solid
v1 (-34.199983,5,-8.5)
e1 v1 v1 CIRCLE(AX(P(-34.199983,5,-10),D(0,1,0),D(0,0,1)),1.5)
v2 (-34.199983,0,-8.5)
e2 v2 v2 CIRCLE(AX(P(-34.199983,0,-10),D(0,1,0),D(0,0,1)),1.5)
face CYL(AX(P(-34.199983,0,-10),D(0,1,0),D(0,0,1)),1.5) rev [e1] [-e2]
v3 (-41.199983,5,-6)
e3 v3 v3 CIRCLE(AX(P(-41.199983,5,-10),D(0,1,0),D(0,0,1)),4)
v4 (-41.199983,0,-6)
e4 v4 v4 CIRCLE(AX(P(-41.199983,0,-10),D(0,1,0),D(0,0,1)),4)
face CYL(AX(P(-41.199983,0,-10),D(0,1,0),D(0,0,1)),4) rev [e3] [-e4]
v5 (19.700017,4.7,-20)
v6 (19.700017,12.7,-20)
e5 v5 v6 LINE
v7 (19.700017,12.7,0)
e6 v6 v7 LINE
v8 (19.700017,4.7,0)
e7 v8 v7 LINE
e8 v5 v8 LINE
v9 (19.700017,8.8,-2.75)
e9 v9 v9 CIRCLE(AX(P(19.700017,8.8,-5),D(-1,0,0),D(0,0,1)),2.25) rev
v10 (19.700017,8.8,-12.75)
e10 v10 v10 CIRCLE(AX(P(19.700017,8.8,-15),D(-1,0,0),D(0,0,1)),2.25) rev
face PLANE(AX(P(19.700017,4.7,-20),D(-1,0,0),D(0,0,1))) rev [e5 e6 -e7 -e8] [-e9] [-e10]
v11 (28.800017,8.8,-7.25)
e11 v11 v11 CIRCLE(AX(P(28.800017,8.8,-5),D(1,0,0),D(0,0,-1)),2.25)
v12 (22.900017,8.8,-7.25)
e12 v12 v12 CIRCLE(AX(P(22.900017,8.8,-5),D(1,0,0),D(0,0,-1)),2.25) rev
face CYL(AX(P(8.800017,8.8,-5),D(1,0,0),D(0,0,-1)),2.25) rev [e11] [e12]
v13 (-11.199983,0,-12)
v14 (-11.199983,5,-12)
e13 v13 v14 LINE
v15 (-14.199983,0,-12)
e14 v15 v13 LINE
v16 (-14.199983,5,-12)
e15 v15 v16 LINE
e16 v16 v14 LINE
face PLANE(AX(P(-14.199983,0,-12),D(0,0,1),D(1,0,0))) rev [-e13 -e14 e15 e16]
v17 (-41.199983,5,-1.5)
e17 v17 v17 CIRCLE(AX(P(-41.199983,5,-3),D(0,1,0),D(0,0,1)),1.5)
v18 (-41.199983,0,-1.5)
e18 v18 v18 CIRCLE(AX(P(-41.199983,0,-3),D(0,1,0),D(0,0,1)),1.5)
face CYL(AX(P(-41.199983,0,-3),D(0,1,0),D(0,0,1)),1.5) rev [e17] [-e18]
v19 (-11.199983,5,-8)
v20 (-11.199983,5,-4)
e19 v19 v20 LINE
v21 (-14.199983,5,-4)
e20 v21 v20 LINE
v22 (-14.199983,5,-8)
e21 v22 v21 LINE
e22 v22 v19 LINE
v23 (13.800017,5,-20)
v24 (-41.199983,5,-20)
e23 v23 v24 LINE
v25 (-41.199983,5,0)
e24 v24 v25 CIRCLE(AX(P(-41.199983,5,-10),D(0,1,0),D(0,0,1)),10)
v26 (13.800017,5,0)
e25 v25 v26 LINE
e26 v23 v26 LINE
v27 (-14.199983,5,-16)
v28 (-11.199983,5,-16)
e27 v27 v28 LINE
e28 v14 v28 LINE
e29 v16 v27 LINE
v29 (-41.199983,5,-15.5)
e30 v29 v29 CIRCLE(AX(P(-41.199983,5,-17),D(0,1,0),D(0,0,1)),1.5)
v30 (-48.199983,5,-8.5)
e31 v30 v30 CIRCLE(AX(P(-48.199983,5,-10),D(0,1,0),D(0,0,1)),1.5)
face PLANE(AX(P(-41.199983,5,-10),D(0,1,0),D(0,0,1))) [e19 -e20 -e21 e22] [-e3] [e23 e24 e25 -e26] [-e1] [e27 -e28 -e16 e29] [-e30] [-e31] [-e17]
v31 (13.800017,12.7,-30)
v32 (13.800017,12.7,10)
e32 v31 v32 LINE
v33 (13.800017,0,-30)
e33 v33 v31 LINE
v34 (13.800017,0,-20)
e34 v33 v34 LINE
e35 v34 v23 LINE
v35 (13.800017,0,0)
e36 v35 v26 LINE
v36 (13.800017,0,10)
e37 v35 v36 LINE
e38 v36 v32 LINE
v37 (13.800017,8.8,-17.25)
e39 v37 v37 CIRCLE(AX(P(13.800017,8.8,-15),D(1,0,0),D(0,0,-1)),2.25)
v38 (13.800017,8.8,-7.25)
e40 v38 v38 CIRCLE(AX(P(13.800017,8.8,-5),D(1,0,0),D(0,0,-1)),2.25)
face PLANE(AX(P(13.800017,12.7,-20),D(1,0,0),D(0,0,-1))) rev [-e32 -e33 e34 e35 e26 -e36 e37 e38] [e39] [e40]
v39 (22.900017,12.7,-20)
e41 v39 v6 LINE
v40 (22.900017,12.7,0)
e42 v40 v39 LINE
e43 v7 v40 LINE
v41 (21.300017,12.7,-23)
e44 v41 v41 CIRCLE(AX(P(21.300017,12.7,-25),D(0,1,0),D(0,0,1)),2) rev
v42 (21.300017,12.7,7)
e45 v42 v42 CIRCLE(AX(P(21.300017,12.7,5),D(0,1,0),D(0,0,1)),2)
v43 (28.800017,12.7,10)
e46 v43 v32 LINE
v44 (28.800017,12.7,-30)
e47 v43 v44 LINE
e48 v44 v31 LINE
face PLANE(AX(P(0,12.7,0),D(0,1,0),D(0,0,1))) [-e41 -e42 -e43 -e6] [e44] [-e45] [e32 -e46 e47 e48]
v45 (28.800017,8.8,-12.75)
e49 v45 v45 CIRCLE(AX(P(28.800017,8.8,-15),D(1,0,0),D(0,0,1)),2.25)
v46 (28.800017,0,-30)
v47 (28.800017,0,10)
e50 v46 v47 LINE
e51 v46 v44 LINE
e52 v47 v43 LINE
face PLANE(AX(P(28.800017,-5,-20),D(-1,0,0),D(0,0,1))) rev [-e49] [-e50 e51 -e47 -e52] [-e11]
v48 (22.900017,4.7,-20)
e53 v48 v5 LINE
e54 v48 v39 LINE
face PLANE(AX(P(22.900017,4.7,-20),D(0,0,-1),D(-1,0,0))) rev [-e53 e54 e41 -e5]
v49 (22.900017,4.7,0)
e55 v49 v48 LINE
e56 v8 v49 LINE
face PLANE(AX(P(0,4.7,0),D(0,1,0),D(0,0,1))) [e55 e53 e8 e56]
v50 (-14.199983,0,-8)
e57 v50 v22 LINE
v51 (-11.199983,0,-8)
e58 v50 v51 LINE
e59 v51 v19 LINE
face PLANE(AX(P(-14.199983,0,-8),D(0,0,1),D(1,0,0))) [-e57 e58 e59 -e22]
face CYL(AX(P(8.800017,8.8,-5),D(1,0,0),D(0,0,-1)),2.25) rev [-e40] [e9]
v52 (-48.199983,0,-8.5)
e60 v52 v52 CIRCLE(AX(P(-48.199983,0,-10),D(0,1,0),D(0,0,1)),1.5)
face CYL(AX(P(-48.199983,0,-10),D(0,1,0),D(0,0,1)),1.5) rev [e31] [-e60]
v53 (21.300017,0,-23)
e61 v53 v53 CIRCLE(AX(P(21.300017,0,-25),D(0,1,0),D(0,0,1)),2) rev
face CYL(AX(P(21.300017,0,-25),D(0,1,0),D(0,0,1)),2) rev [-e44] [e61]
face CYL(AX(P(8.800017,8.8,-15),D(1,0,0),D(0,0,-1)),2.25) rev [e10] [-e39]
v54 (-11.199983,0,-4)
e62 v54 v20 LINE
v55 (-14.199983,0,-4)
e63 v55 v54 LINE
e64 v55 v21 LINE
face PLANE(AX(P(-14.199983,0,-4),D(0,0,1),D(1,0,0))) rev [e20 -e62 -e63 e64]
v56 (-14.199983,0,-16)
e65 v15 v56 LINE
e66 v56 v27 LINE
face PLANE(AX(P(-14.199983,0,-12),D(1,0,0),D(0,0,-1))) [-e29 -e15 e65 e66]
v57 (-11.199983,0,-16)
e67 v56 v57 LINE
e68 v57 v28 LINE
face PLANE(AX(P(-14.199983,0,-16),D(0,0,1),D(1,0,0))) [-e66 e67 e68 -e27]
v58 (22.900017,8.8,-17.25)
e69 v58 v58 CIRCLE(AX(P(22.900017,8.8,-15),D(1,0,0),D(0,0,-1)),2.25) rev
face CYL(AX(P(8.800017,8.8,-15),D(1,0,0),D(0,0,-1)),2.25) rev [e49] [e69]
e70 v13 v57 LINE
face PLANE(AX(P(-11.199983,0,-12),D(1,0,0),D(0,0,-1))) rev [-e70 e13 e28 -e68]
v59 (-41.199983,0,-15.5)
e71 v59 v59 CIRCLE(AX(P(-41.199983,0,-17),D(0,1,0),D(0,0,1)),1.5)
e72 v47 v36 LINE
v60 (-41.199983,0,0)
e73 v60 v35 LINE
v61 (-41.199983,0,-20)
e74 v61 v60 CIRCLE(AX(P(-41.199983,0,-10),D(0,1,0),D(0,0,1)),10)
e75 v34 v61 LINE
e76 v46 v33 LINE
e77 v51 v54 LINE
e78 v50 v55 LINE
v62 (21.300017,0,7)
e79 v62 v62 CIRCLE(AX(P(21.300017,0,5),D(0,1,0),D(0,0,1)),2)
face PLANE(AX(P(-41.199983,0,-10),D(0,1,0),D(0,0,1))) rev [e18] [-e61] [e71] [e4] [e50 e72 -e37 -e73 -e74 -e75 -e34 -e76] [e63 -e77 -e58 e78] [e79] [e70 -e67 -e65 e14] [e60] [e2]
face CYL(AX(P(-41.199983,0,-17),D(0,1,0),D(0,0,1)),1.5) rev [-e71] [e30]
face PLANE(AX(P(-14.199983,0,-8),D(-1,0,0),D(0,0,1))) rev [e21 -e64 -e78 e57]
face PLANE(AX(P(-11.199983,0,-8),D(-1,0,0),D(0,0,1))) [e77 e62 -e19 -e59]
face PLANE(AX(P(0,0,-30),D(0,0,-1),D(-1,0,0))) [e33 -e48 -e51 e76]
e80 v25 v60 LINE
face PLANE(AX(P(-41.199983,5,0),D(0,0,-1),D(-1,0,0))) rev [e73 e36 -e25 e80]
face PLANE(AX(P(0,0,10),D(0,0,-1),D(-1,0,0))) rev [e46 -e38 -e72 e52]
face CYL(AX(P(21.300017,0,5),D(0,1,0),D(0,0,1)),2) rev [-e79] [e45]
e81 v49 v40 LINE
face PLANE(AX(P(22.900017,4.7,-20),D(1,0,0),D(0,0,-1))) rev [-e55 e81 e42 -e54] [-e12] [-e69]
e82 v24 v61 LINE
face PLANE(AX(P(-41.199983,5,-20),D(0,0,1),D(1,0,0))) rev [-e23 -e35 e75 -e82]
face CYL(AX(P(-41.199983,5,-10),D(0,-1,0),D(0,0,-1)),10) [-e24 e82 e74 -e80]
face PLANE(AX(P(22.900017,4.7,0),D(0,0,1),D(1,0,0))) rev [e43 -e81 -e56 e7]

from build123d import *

# Parameters (mm, degrees)
EXTRUDE_1_DEPTH     = 5
SKETCH_2_R          = 1.5
SKETCH_2_R_2        = 4
CUT_EXTRUDE_1_DEPTH = 5
SKETCH_3_W          = 3
SKETCH_3_H          = 4
CUT_EXTRUDE_2_DEPTH = 5
SKETCH_4_R          = 4
SKETCH_4_R_2        = 1.1
SKETCH_4_W          = 3
SKETCH_4_H          = 4
CUT_EXTRUDE_4_DEPTH = 10
SKETCH_5_W          = 50
SKETCH_5_H          = 20
CUT_EXTRUDE_5_DEPTH = 10
SKETCH_6_W          = 15
SKETCH_6_H          = 20
EXTRUDE_2_DEPTH     = 7.7
SKETCH_7_R          = 2.25
CUT_EXTRUDE_6_DEPTH = 20
SKETCH_8_W          = 15
SKETCH_8_H          = 10
SKETCH_8_R          = 2
EXTRUDE_3_DEPTH     = 12.7
SKETCH_9_W          = 3.2
SKETCH_9_H          = 20
CUT_EXTRUDE_7_DEPTH = 8


with BuildPart() as part:
    # 草图1 → 凸台-拉伸1 (new body)
    with BuildSketch(Plane(origin=(0, 0, 0), x_dir=(1, 0, 0), z_dir=(0, 1, 0))):
        with BuildLine():
            Line((-41.199983302, 20), (78.800016698, 20))
            Line((78.800016698, 20), (78.800016698, 0))
            Line((78.800016698, 0), (-41.199983302, 0))
            ThreePointArc((-41.199983302, 0), (-51.199983302, 10), (-41.199983302, 20))
        make_face()
    extrude(amount=EXTRUDE_1_DEPTH)

    # 草图2 → 切除-拉伸1 (cut)
    with BuildSketch(Plane(origin=(0, 5, 0), x_dir=(1, 0, 0), z_dir=(0, 1, 0))):
        with Locations(Location((-48.199983302, 10, 0), (0, 0, 270))):
            Circle(SKETCH_2_R)
        with BuildLine():
            ThreePointArc((-39.699983302, 17), (-40.13932313, 18.060660172), (-41.199983302, 18.5))
            Line((-41.199983302, 18.5), (-41.199983302, 17))
            Line((-41.199983302, 17), (-41.199983302, 15.5))
            ThreePointArc((-41.199983302, 15.5), (-40.13932313, 15.939339828), (-39.699983302, 17))
        make_face()
        with BuildLine():
            Line((-41.199983302, 17), (-41.199983302, 18.5))
            ThreePointArc((-41.199983302, 18.5), (-42.699983302, 17), (-41.199983302, 15.5))
            Line((-41.199983302, 15.5), (-41.199983302, 17))
        make_face()
        with Locations(Location((-34.199983302, 10, 0), (0, 0, 270))):
            Circle(SKETCH_2_R)
        with BuildLine():
            ThreePointArc((-39.699983302, 3), (-40.13932313, 4.060660172), (-41.199983302, 4.5))
            Line((-41.199983302, 4.5), (-41.199983302, 3))
            Line((-41.199983302, 3), (-41.199983302, 1.5))
            ThreePointArc((-41.199983302, 1.5), (-40.13932313, 1.939339828), (-39.699983302, 3))
        make_face()
        with BuildLine():
            Line((-41.199983302, 3), (-41.199983302, 4.5))
            ThreePointArc((-41.199983302, 4.5), (-42.699983302, 3), (-41.199983302, 1.5))
            Line((-41.199983302, 1.5), (-41.199983302, 3))
        make_face()
        with Locations(Location((-41.199983302, 10, 0), (0, 0, 270))):
            Circle(SKETCH_2_R_2)
    extrude(amount=-CUT_EXTRUDE_1_DEPTH, mode=Mode.SUBTRACT)

    # 草图3 → 切除-拉伸2 (cut)
    with BuildSketch(Plane(origin=(0, 5, 0), x_dir=(1, 0, 0), z_dir=(0, 1, 0))):
        with Locations((-12.699983302, 14)):
            Rectangle(SKETCH_3_W, SKETCH_3_H)
        with Locations((-12.699983302, 6)):
            Rectangle(SKETCH_3_W, SKETCH_3_H)
    extrude(amount=-CUT_EXTRUDE_2_DEPTH, mode=Mode.SUBTRACT)

    # 草图4 → 切除-拉伸4 (cut)
    with BuildSketch(Plane(origin=(0, 5, 0), x_dir=(1, 0, 0), z_dir=(0, 1, 0))):
        with Locations(Location((69.300016698, 10, 0), (0, 0, 270))):
            Circle(SKETCH_4_R)
        with Locations(Location((76.7246379, 17.424621202, 0), (0, 0, 270))):
            Circle(SKETCH_4_R_2)
        with Locations(Location((62.300016698, 10, 0), (0, 0, 270))):
            Circle(SKETCH_4_R_2)
        with Locations((50.800016698, 6)):
            Rectangle(SKETCH_4_W, SKETCH_4_H)
        with Locations((50.800016698, 14)):
            Rectangle(SKETCH_4_W, SKETCH_4_H)
        with Locations(Location((76.7246379, 2.575378798, 0), (0, 0, 270))):
            Circle(SKETCH_4_R_2)
        with Locations(Location((61.875395496, 2.575378798, 0), (0, 0, 270))):
            Circle(SKETCH_4_R_2)
        with Locations(Location((61.875395496, 17.424621202, 0), (0, 0, 270))):
            Circle(SKETCH_4_R_2)
        with Locations(Location((69.300016698, 17, 0), (0, 0, 270))):
            Circle(SKETCH_4_R_2)
        with Locations(Location((76.300016698, 10, 0), (0, 0, 270))):
            Circle(SKETCH_4_R_2)
        with Locations(Location((69.300016698, 3, 0), (0, 0, 270))):
            Circle(SKETCH_4_R_2)
    extrude(amount=-CUT_EXTRUDE_4_DEPTH, mode=Mode.SUBTRACT)

    # 草图5 → 切除-拉伸5 (cut)
    with BuildSketch(Plane(origin=(0, 5, 0), x_dir=(1, 0, 0), z_dir=(0, 1, 0))):
        with Locations((53.800016698, 10)):
            Rectangle(SKETCH_5_W, SKETCH_5_H)
    extrude(amount=-CUT_EXTRUDE_5_DEPTH, mode=Mode.SUBTRACT)

    # 草图6 → 凸台-拉伸2 (add)
    with BuildSketch(Plane(origin=(0, 5, 0), x_dir=(1, 0, 0), z_dir=(0, 1, 0))):
        with Locations((21.300016698, 10)):
            Rectangle(SKETCH_6_W, SKETCH_6_H)
    extrude(amount=EXTRUDE_2_DEPTH)

    # 草图7 → 切除-拉伸6 (cut)
    with BuildSketch(Plane(origin=(28.800016698, 0, 0), x_dir=(0, 0, -1), z_dir=(1, 0, 0))):
        with Locations((5, 8.8)):
            Circle(SKETCH_7_R)
        with Locations((15, 8.8)):
            Circle(SKETCH_7_R)
    extrude(amount=-CUT_EXTRUDE_6_DEPTH, mode=Mode.SUBTRACT)

    # 草图8 → 凸台-拉伸3 (add)
    # profile 1 of 2: a face of its own
    with BuildSketch(Plane(origin=(0, 12.7, 0), x_dir=(1, 0, 0), z_dir=(0, 1, 0))):
        with Locations((21.300016698, 25)):
            Rectangle(SKETCH_8_W, SKETCH_8_H)
        with Locations(Location((21.300016698, 25, 0), (0, 0, 270))):
            Circle(SKETCH_8_R, mode=Mode.SUBTRACT)
    # profile 2 of 2: a face of its own
    with BuildSketch(Plane(origin=(0, 12.7, 0), x_dir=(1, 0, 0), z_dir=(0, 1, 0))):
        with Locations((21.300016698, -5)):
            Rectangle(SKETCH_8_W, SKETCH_8_H)
        with Locations(Location((21.300016698, -5, 0), (0, 0, 270))):
            Circle(SKETCH_8_R, mode=Mode.SUBTRACT)
    extrude(amount=-EXTRUDE_3_DEPTH)

    # 草图9 → 切除-拉伸7 (cut)
    with BuildSketch(Plane(origin=(0, 12.7, 0), x_dir=(1, 0, 0), z_dir=(0, 1, 0))):
        with Locations((21.300016698, 10)):
            Rectangle(SKETCH_9_W, SKETCH_9_H)
    extrude(amount=-CUT_EXTRUDE_7_DEPTH, mode=Mode.SUBTRACT)


solid = part.part
